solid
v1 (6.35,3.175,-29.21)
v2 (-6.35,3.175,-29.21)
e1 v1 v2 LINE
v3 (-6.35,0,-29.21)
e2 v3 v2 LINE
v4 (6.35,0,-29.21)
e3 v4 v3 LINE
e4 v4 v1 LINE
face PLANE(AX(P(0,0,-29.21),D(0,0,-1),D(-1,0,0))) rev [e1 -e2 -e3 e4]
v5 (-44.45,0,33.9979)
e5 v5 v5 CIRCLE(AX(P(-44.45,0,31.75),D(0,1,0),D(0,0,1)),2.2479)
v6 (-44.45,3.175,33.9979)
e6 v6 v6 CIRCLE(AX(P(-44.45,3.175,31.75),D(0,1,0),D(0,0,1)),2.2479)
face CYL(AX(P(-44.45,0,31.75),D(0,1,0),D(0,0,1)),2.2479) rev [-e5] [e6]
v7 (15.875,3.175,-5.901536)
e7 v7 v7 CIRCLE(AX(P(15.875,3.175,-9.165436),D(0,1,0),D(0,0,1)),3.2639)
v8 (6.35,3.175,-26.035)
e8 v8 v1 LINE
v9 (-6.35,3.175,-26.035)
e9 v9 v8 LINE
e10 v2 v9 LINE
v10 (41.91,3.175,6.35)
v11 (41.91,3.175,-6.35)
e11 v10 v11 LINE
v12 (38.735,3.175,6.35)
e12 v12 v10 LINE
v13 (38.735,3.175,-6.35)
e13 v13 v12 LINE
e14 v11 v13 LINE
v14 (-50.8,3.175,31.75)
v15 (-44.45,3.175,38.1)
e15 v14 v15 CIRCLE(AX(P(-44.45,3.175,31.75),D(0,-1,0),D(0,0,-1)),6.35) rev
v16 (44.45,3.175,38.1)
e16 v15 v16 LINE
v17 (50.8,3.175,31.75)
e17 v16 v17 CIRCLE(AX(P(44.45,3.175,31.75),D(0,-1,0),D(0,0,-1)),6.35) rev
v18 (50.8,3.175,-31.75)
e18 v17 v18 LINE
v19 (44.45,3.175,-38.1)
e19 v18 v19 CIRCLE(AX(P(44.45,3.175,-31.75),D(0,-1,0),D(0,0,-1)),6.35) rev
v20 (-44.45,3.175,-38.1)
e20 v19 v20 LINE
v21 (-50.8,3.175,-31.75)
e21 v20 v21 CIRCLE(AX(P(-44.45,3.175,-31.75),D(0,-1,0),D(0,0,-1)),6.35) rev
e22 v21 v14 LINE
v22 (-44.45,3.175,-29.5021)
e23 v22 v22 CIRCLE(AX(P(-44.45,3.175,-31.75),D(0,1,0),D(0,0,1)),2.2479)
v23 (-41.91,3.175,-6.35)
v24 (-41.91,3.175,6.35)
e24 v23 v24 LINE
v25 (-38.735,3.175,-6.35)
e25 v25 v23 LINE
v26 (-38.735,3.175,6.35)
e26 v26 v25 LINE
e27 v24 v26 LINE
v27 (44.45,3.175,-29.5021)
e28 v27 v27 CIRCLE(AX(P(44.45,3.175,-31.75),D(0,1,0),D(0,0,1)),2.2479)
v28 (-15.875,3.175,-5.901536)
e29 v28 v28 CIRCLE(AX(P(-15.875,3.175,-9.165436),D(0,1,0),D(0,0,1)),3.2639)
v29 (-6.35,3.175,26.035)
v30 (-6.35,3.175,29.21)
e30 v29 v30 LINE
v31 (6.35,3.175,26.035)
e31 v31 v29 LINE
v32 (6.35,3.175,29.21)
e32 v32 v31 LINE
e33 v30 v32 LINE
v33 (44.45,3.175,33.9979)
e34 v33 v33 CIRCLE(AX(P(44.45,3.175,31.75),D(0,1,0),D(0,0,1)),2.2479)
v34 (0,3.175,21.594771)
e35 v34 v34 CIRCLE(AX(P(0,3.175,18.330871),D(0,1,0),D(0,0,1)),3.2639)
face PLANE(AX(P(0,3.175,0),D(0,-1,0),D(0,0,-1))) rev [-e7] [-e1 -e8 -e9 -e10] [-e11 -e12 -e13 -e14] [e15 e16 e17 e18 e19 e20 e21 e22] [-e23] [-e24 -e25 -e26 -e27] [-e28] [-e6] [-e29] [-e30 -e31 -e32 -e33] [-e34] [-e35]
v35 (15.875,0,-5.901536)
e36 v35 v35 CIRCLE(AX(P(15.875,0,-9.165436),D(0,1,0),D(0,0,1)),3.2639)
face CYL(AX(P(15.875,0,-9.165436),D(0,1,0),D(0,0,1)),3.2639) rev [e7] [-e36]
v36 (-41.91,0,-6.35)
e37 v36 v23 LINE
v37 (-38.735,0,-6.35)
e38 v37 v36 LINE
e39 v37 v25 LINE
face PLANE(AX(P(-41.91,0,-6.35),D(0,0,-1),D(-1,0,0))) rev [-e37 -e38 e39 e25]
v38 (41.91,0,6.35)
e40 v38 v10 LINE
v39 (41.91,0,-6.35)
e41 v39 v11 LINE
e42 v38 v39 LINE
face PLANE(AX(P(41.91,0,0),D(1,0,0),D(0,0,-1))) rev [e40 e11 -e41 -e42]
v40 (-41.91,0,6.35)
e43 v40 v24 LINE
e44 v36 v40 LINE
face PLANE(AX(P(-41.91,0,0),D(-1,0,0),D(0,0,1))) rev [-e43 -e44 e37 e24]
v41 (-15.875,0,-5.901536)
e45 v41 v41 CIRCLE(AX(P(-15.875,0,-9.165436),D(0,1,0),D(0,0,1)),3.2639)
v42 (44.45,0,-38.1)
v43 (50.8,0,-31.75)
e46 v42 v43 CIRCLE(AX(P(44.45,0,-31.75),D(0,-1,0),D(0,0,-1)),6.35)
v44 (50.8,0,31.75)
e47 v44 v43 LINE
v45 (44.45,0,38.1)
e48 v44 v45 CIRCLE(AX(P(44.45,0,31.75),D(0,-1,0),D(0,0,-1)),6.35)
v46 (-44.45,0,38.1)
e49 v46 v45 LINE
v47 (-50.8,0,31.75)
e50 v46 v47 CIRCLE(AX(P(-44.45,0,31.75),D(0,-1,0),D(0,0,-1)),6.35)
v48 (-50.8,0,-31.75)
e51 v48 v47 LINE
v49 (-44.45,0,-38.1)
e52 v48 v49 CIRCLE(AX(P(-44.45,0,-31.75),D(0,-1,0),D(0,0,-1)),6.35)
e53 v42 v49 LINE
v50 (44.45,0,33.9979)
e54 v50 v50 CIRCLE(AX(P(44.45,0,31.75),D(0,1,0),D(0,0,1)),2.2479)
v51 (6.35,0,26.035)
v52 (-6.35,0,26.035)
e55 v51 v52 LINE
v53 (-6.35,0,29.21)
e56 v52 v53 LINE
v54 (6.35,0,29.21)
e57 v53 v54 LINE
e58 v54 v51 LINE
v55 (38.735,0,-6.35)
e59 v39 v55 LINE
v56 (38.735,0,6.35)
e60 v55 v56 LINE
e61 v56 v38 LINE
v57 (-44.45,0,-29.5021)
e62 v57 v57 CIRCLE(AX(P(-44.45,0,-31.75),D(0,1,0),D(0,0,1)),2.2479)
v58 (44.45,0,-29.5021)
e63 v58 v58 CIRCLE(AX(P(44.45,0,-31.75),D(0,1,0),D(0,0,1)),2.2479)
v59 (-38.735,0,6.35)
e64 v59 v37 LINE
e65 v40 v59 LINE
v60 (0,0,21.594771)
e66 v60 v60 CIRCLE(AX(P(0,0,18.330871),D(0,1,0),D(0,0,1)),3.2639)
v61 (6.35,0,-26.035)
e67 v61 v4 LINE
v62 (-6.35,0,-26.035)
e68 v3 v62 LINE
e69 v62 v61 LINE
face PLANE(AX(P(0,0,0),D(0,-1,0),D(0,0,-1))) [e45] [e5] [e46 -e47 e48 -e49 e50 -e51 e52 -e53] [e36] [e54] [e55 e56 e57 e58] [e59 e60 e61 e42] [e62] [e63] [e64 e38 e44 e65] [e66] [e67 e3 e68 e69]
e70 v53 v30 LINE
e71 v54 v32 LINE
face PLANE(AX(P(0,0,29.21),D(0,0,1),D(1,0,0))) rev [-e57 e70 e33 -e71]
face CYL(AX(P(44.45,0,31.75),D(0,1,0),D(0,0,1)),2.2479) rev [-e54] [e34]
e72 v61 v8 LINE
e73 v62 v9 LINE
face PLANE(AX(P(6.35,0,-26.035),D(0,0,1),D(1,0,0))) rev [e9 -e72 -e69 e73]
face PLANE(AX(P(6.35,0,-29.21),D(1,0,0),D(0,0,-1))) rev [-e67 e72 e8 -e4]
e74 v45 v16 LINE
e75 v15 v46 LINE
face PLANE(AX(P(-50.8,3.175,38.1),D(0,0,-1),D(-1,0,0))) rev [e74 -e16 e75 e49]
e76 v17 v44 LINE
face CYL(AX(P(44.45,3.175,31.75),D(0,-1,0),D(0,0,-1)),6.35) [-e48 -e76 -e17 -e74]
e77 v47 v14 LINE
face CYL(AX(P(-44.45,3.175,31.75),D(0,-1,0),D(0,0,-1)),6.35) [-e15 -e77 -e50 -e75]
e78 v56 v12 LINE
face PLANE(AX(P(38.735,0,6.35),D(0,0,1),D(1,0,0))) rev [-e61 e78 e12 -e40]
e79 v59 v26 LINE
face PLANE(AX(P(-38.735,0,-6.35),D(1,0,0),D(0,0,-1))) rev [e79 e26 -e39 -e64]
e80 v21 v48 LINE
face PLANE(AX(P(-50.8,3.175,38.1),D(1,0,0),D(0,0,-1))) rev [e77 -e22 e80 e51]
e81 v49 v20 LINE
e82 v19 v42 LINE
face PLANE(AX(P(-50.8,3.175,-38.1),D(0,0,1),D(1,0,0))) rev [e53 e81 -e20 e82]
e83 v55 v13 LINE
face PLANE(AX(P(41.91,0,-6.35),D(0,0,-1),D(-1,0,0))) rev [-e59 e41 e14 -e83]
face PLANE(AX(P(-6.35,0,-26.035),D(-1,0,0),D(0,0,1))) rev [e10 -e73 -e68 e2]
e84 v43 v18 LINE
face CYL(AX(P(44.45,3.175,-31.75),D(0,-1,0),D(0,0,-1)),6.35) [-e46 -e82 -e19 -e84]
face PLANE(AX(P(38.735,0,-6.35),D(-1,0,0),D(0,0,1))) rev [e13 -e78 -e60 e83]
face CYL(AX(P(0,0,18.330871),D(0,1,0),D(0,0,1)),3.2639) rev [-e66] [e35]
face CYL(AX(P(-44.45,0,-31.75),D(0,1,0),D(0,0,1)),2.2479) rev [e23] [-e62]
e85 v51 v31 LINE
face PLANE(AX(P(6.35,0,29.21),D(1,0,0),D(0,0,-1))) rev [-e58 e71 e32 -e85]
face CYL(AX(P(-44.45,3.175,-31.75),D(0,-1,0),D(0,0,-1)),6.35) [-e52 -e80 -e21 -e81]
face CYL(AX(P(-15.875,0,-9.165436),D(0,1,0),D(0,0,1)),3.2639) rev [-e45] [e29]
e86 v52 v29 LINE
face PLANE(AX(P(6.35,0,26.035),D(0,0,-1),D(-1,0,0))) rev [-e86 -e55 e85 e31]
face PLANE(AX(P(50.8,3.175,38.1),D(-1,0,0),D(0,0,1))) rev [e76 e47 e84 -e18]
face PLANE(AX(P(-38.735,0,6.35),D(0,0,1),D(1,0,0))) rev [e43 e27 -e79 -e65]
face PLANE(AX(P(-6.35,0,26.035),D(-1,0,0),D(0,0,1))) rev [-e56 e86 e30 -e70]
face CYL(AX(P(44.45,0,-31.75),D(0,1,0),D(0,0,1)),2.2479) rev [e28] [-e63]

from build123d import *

# Parameters (mm, degrees)
SKETCH1_W           = 101.6
SKETCH1_H           = 76.2
BOSS_EXTRUDE1_DEPTH = 3.175
FILLET1_R           = 6.35
SKETCH2_R           = 2.2479
CUT_EXTRUDE1_DEPTH  = 4.175
SKETCH3_R           = 3.2639
CUT_EXTRUDE2_DEPTH  = 4.175


with BuildPart() as part:
    # Sketch1 → Boss-Extrude1 (new body)
    with BuildSketch(Plane(origin=(0, 0, 0), x_dir=(1, 0, 0), z_dir=(0, 1, 0))):
        Rectangle(SKETCH1_W, SKETCH1_H)
    extrude(amount=BOSS_EXTRUDE1_DEPTH)

    # Fillet1
    fillet1_edges = [part.edges().sort_by_distance(p)[0] for p in [
        (50.8, 1.5875, 38.1),
        (-50.8, 1.5875, 38.1),
        (-50.8, 1.5875, -38.1),
        (50.8, 1.5875, -38.1),
    ]]
    fillet(fillet1_edges, radius=FILLET1_R)

    # Sketch2 → Cut-Extrude1 (cut, through all)
    with BuildSketch(Plane(origin=(0, 3.175, 0), x_dir=(1, 0, 0), z_dir=(0, 1, 0))):
        with Locations((-44.45, 31.75)):
            Circle(SKETCH2_R)
        with Locations((44.45, 31.75)):
            Circle(SKETCH2_R)
        with Locations((44.45, -31.75)):
            Circle(SKETCH2_R)
        with Locations((-44.45, -31.75)):
            Circle(SKETCH2_R)
        Polygon((-41.91, 0), (-41.91, 6.35), (-38.735, 6.35), (-38.735, -6.35), (-41.91, -6.35), align=None)
        Polygon((0, 29.21), (6.35, 29.21), (6.35, 26.035), (-6.35, 26.035), (-6.35, 29.21), align=None)
        Polygon((41.91, 0), (41.91, 6.35), (38.735, 6.35), (38.735, -6.35), (41.91, -6.35), align=None)
        Polygon((0, -29.21), (6.35, -29.21), (6.35, -26.035), (-6.35, -26.035), (-6.35, -29.21), align=None)
    extrude(amount=-CUT_EXTRUDE1_DEPTH, mode=Mode.SUBTRACT)

    # Sketch3 → Cut-Extrude2 (cut, through all)
    with BuildSketch(Plane(origin=(0, 3.175, 0), x_dir=(1, 0, 0), z_dir=(0, 1, 0))):
        with Locations((-15.875, 9.165435523)):
            Circle(SKETCH3_R)
        with Locations((15.875, 9.165435523)):
            Circle(SKETCH3_R)
        with Locations((0, -18.330871047)):
            Circle(SKETCH3_R)
    extrude(amount=-CUT_EXTRUDE2_DEPTH, mode=Mode.SUBTRACT)


solid = part.part
